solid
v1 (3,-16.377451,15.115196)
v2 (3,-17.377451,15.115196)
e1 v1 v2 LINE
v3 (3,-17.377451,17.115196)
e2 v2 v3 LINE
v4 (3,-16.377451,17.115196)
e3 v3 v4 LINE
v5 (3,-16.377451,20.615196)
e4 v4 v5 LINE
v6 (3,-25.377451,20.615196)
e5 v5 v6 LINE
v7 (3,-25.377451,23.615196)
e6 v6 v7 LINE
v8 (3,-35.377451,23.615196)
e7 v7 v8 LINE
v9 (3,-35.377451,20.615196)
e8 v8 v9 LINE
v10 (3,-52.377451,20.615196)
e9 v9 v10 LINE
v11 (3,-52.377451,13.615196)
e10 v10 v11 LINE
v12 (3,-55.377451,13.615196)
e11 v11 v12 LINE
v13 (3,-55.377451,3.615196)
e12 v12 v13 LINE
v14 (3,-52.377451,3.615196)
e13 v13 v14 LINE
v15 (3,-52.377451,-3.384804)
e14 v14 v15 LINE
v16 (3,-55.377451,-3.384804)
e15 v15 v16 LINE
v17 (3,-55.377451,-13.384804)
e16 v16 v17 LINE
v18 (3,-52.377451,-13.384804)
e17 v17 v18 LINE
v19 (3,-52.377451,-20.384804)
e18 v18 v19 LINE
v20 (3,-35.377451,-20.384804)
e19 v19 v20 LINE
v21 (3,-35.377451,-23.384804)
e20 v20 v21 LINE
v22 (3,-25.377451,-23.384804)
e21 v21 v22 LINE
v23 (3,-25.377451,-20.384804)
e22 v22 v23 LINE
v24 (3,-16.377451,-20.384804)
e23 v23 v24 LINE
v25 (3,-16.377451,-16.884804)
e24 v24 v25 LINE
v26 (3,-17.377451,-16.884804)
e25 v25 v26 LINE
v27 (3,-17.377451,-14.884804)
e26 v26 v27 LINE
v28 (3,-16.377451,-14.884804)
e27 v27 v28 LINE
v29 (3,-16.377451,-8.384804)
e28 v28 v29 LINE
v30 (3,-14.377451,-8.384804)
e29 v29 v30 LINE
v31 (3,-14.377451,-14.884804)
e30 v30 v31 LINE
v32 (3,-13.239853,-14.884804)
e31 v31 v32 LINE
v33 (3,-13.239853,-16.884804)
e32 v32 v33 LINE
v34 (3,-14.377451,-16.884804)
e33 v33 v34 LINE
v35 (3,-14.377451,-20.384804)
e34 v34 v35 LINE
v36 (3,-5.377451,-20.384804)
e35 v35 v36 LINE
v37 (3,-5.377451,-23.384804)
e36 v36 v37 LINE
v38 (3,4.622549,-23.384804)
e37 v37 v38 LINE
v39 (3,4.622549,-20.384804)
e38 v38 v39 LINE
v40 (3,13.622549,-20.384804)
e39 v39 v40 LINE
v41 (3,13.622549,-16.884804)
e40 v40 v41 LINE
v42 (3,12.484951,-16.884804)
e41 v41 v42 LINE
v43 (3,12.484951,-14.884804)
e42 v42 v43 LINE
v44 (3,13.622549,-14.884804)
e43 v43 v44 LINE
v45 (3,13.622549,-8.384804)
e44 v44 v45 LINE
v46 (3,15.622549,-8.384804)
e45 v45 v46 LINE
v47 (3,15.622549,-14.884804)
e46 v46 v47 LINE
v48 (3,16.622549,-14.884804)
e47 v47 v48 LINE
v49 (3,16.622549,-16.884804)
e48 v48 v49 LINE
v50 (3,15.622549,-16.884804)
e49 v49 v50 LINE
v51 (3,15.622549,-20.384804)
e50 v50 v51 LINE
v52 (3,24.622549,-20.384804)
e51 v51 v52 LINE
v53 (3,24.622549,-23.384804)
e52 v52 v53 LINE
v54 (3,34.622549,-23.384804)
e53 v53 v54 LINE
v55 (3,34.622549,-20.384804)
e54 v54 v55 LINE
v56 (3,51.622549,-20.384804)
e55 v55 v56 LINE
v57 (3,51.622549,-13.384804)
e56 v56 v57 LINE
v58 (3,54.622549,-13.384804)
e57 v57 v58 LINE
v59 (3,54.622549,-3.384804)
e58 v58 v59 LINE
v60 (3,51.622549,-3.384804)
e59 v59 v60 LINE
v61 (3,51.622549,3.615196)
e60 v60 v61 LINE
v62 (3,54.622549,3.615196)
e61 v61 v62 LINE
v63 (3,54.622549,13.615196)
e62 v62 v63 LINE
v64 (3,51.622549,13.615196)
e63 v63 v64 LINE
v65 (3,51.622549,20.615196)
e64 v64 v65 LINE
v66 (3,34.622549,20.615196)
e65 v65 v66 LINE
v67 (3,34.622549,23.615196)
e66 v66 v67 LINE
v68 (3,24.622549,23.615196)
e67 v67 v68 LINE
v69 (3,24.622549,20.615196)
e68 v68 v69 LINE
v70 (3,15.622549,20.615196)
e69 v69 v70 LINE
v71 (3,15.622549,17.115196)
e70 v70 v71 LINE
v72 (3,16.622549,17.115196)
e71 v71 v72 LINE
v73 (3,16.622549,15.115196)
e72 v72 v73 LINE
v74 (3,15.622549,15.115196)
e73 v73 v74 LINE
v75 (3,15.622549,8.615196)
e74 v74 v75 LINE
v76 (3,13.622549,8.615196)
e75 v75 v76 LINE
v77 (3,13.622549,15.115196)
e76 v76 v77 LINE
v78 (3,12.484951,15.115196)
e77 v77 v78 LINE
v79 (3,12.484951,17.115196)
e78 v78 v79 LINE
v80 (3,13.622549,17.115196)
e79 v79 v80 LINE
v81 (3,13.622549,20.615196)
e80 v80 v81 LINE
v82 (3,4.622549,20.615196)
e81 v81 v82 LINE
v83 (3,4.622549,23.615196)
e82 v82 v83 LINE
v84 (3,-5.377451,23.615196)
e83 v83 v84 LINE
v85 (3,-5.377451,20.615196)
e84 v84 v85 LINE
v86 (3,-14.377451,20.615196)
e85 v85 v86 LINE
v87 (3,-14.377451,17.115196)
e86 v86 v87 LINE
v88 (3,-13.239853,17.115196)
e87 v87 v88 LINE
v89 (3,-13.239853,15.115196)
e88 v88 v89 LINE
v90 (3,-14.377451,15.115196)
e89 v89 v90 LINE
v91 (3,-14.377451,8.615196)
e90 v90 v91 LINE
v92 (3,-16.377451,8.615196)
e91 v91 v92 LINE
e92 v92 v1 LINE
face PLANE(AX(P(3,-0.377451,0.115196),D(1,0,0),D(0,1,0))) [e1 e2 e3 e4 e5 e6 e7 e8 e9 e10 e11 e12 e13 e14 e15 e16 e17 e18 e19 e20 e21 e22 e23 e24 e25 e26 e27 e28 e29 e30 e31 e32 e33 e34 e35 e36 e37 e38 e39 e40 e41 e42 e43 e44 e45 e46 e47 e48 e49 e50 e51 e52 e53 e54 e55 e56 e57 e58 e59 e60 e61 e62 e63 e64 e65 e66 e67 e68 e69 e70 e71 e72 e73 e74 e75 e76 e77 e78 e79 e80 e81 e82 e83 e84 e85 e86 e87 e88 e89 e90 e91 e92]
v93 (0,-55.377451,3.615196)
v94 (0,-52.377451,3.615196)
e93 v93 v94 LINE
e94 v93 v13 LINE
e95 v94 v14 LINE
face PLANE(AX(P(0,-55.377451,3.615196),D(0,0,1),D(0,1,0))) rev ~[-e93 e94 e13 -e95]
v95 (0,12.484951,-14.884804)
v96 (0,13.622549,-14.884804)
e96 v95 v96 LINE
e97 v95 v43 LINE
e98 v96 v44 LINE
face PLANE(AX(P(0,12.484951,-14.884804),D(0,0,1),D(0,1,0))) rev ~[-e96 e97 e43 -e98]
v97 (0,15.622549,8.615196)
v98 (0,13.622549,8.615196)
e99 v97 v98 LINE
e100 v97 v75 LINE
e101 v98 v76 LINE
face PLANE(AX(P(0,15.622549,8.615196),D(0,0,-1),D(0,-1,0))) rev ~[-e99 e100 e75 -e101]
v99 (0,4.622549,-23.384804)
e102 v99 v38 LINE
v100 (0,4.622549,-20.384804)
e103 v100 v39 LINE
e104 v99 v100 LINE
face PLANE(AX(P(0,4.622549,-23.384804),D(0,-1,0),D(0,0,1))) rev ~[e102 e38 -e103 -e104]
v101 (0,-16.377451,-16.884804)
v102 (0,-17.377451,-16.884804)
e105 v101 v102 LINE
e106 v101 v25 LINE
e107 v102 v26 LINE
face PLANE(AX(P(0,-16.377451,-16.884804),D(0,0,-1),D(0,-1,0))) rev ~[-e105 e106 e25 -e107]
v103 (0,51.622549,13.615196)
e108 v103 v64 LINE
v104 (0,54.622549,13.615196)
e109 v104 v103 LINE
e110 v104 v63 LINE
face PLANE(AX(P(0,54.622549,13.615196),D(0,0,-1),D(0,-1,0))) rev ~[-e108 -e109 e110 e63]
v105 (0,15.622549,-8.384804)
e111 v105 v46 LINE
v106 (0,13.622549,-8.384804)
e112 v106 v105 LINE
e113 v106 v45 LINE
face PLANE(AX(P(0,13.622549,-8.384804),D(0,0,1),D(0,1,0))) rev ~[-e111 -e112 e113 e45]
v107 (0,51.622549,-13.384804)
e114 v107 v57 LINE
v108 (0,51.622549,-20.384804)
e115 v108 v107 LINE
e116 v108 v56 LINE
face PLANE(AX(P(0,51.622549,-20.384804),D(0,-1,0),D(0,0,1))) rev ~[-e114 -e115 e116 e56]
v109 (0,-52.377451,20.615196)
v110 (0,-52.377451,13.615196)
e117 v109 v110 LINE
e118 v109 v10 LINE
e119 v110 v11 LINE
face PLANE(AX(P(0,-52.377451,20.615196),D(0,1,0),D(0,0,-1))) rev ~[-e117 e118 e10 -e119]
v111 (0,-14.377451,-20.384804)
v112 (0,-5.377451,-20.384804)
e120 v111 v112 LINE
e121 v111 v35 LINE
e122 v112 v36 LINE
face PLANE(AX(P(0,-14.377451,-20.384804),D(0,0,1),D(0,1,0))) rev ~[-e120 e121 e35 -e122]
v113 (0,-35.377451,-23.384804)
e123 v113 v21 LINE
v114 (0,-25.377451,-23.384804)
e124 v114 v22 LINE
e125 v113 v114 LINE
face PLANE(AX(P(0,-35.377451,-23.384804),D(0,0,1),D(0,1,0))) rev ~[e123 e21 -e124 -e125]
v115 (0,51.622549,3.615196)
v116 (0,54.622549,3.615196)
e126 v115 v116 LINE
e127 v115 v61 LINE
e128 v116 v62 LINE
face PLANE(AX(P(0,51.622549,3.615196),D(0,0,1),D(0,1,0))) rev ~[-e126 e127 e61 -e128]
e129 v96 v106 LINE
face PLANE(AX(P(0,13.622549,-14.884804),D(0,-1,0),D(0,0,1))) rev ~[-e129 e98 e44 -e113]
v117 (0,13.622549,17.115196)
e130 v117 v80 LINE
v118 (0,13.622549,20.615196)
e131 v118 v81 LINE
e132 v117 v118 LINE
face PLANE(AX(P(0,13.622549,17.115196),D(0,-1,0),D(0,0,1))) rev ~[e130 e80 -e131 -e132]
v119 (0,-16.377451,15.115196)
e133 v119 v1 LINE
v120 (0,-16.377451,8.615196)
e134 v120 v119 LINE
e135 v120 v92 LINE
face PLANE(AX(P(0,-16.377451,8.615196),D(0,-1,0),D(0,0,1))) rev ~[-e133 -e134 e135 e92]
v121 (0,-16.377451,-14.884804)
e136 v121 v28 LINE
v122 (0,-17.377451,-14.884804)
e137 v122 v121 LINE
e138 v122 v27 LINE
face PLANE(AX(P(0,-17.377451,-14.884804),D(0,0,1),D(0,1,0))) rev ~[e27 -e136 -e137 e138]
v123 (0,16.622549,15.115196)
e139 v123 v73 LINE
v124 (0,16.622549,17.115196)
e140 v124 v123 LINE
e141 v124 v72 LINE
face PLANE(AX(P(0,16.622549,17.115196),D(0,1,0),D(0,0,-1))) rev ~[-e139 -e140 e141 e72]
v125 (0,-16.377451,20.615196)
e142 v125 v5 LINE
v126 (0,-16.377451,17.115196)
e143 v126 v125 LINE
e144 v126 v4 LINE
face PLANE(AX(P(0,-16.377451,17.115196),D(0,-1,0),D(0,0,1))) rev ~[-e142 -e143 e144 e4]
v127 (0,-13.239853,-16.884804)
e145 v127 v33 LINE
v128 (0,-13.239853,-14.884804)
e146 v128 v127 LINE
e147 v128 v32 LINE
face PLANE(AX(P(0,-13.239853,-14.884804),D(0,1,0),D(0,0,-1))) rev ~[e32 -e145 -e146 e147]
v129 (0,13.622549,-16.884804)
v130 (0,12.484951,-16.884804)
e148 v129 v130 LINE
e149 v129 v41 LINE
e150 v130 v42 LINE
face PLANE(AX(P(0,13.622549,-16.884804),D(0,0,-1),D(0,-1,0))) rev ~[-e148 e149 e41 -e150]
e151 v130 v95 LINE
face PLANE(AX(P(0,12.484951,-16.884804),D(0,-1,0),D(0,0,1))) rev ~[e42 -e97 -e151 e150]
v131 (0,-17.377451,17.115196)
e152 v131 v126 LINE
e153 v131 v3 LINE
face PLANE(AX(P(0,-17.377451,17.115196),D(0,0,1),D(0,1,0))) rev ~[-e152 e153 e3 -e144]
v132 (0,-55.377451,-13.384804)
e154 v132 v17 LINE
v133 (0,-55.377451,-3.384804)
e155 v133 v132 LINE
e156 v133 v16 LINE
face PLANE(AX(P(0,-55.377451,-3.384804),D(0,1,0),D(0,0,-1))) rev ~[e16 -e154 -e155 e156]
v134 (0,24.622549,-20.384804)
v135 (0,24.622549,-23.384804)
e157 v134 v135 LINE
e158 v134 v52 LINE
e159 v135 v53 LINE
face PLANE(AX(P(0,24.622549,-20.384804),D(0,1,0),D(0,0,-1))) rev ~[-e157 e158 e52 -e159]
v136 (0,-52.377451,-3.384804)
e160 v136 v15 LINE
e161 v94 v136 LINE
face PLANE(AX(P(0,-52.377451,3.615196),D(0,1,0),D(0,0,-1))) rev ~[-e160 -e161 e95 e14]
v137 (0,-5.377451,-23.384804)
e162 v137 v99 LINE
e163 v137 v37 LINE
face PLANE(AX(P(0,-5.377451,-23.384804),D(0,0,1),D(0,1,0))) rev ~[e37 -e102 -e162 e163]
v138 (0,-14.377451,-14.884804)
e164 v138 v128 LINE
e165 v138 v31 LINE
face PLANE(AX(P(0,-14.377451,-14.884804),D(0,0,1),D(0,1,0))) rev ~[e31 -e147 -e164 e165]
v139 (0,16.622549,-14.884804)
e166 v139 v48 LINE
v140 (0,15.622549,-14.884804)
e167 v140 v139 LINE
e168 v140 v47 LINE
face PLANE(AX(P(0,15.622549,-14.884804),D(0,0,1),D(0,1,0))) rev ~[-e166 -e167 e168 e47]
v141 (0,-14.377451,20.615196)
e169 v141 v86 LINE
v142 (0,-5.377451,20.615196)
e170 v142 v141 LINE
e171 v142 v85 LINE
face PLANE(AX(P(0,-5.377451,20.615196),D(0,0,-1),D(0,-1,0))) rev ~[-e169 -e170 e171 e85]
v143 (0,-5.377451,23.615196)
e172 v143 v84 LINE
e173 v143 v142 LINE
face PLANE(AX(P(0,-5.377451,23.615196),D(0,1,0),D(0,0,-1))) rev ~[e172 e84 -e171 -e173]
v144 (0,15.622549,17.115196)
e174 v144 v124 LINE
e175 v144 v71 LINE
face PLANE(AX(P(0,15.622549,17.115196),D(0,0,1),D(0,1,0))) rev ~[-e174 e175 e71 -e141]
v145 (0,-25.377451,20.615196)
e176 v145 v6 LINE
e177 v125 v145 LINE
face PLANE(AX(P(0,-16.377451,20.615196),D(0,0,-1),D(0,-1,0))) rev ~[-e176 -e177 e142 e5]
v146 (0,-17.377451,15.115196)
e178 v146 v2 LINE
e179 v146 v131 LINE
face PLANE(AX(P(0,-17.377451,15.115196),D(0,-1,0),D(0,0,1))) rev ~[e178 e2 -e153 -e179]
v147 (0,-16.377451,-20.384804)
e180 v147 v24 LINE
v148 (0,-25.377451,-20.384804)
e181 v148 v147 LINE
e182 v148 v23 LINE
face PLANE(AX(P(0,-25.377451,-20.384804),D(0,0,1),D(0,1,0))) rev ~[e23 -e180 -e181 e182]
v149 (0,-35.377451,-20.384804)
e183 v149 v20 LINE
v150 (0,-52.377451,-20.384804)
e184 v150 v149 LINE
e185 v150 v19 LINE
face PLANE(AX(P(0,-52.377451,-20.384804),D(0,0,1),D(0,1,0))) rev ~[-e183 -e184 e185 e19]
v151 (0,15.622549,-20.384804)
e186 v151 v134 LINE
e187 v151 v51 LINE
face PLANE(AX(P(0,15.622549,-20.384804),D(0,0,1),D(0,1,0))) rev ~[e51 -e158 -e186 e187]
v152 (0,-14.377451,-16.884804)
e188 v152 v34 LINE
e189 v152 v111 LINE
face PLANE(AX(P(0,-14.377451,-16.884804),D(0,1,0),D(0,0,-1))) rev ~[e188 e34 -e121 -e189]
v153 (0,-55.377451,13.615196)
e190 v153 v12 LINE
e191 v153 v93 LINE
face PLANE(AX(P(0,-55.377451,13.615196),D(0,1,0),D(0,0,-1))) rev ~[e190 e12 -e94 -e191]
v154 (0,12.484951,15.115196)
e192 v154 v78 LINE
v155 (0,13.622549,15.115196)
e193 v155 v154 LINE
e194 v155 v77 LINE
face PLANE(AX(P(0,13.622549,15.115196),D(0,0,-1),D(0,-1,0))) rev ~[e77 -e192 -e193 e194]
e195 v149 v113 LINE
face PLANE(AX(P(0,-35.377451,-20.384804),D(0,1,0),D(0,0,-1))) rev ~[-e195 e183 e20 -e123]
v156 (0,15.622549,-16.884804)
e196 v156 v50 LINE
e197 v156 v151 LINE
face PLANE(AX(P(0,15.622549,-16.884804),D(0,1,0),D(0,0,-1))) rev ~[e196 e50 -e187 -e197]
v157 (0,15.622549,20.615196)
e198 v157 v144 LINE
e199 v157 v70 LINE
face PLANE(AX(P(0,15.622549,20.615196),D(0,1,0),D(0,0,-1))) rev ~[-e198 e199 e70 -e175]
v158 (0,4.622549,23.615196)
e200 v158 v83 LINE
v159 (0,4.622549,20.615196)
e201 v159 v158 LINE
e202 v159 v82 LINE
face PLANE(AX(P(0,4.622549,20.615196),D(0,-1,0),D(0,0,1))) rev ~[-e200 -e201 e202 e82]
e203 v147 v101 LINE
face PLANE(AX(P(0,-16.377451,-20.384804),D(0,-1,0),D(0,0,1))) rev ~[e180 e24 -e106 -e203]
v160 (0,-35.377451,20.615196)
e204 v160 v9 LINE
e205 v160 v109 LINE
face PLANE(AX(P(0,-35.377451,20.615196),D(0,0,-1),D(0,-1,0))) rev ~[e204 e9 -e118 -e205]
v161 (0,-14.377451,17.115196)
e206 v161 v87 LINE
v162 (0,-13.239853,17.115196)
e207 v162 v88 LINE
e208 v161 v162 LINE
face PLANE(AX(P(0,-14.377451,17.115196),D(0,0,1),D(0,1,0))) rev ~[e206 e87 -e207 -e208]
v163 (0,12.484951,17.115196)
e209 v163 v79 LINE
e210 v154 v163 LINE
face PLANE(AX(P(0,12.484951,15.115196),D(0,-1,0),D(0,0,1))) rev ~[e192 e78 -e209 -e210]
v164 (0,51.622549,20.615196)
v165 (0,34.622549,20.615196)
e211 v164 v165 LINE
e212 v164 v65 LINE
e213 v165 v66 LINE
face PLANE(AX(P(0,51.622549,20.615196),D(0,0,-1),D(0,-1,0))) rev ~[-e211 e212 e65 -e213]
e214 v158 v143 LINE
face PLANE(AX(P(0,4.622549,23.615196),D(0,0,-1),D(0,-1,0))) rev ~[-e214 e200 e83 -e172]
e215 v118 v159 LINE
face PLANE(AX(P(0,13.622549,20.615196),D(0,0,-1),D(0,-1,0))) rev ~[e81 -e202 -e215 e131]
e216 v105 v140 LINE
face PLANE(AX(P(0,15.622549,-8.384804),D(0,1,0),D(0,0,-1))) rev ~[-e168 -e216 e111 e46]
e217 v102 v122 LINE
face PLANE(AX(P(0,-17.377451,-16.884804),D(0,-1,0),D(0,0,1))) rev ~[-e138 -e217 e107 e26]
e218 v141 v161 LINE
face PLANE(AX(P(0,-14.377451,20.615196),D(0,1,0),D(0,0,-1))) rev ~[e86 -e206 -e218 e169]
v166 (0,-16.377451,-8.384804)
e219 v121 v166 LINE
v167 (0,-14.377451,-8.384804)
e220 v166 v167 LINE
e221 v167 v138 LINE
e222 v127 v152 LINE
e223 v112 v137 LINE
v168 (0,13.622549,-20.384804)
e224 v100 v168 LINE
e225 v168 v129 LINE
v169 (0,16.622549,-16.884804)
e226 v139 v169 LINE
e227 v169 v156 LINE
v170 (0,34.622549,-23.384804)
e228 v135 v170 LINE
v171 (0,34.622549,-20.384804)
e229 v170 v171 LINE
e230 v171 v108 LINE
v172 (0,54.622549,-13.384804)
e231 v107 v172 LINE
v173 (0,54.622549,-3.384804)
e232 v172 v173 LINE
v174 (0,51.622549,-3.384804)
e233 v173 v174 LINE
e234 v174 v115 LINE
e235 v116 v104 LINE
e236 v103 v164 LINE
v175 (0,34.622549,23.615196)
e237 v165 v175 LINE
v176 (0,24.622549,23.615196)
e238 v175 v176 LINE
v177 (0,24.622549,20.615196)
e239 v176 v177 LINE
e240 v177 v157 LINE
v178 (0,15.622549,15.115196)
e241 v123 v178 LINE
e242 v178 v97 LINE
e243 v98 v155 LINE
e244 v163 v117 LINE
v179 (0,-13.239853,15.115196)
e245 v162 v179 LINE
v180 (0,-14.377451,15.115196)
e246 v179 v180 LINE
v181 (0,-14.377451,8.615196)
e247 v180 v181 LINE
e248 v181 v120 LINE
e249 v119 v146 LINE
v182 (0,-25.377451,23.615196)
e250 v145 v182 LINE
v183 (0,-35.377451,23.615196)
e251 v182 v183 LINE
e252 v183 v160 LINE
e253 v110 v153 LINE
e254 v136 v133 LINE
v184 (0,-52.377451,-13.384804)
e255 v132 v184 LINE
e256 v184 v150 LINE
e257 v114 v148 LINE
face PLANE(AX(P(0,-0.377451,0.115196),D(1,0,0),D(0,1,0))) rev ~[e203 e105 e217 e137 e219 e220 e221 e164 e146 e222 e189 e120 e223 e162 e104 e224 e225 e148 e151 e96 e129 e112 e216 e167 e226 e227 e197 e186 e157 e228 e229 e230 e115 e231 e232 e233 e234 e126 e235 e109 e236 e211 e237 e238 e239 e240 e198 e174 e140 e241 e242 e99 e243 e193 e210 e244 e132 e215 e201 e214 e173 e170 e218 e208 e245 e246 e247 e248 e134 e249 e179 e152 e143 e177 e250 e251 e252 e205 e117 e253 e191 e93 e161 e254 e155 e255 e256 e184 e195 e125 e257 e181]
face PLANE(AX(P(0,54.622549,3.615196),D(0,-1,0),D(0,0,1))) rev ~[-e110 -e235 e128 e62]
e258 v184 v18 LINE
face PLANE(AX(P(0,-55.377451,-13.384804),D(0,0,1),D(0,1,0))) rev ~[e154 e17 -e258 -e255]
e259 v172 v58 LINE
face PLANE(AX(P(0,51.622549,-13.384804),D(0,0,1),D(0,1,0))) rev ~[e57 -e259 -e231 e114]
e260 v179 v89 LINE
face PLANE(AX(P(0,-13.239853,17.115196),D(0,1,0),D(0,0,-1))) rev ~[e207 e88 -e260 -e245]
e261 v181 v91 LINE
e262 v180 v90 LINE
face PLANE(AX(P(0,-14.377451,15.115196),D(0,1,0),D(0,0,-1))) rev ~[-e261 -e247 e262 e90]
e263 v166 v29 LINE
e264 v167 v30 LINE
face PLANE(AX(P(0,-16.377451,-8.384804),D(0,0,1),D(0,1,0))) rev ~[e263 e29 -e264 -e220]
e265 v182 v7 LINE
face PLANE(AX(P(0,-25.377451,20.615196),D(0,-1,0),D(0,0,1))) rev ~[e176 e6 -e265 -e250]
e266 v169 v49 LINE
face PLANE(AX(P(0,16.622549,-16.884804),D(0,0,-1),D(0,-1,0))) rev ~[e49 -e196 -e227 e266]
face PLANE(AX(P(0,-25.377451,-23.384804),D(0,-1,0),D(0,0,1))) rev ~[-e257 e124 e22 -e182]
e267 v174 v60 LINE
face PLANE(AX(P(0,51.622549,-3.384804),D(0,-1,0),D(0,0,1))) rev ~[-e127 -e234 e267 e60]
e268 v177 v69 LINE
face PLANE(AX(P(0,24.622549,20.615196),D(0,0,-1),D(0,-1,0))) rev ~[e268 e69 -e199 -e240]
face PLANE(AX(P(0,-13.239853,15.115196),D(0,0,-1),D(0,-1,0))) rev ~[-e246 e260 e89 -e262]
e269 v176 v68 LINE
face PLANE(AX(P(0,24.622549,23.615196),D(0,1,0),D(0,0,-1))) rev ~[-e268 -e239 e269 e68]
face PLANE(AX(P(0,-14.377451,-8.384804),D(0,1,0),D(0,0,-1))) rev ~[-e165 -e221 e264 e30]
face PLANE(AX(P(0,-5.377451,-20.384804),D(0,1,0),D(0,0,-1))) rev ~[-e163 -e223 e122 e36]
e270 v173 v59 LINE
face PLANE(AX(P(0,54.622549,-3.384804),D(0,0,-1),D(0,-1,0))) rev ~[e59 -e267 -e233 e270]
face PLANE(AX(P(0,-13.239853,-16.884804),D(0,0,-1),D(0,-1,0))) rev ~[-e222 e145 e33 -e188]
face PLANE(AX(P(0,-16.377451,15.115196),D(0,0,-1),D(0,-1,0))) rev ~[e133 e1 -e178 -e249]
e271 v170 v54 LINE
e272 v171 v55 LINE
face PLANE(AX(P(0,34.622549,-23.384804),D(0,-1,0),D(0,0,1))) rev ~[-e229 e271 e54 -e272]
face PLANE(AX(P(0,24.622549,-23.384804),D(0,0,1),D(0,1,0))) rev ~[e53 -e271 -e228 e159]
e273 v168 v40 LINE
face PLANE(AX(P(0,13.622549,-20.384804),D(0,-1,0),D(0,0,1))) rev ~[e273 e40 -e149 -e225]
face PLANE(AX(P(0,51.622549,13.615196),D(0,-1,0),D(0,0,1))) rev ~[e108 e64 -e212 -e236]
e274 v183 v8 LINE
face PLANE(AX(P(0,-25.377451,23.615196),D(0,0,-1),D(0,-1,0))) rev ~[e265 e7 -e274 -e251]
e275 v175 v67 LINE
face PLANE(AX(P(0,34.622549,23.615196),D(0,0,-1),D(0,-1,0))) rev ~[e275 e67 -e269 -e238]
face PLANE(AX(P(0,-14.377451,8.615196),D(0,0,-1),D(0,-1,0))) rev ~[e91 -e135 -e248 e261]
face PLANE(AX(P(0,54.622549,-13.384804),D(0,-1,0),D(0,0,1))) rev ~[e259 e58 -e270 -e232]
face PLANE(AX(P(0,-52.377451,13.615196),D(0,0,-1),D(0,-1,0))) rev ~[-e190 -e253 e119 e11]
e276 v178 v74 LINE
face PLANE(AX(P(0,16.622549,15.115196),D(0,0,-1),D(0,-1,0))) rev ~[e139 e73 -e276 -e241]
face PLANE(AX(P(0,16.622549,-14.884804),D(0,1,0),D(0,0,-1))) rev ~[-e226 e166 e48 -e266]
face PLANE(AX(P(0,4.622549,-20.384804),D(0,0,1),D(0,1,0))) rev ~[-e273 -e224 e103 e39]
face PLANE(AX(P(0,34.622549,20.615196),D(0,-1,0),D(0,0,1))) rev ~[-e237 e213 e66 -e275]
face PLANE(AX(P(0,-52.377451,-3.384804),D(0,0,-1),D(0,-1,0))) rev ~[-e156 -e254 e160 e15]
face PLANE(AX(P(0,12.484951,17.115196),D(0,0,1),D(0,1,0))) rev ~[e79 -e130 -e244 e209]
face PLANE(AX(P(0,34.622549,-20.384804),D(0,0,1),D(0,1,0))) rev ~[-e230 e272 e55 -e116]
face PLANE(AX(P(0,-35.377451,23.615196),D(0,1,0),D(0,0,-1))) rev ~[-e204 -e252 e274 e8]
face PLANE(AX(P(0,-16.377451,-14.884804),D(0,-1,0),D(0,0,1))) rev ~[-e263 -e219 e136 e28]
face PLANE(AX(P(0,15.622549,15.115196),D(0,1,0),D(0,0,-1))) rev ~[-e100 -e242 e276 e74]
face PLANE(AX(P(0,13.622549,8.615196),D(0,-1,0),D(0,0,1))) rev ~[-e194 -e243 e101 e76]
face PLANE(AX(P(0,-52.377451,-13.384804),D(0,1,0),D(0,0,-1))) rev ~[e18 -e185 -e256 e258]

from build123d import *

# Parameters (mm, degrees)
F1_DEPTH = 3


with BuildPart() as f1:
    # F0 (on Right) → F1 (new body)
    with BuildSketch(Plane.YZ):
        Polygon((-52.377451, -13.384804), (-52.377451, -20.384804), (-35.377451, -20.384804), (-35.377451, -23.384804), (-25.377451, -23.384804), (-25.377451, -20.384804), (-16.377451, -20.384804), (-16.377451, -16.884804), (-17.377451, -16.884804), (-17.377451, -14.884804), (-16.377451, -14.884804), (-16.377451, -8.384804), (-14.377451, -8.384804), (-14.377451, -14.884804), (-13.239853, -14.884804), (-13.239853, -16.884804), (-14.377451, -16.884804), (-14.377451, -20.384804), (-5.377451, -20.384804), (-5.377451, -23.384804), (-0.377451, -23.384804), (4.622549, -23.384804), (4.622549, -20.384804), (13.622549, -20.384804), (13.622549, -16.884804), (12.484951, -16.884804), (12.484951, -14.884804), (13.622549, -14.884804), (13.622549, -8.384804), (15.622549, -8.384804), (15.622549, -14.884804), (16.622549, -14.884804), (16.622549, -16.884804), (15.622549, -16.884804), (15.622549, -20.384804), (24.622549, -20.384804), (24.622549, -23.384804), (34.622549, -23.384804), (34.622549, -20.384804), (51.622549, -20.384804), (51.622549, -13.384804), (54.622549, -13.384804), (54.622549, -3.384804), (51.622549, -3.384804), (51.622549, 0.115196), (51.622549, 3.615196), (54.622549, 3.615196), (54.622549, 13.615196), (51.622549, 13.615196), (51.622549, 20.615196), (34.622549, 20.615196), (34.622549, 23.615196), (24.622549, 23.615196), (24.622549, 20.615196), (15.622549, 20.615196), (15.622549, 17.115196), (16.622549, 17.115196), (16.622549, 15.115196), (15.622549, 15.115196), (15.622549, 8.615196), (13.622549, 8.615196), (13.622549, 15.115196), (12.484951, 15.115196), (12.484951, 17.115196), (13.622549, 17.115196), (13.622549, 20.615196), (4.622549, 20.615196), (4.622549, 23.615196), (-0.377451, 23.615196), (-5.377451, 23.615196), (-5.377451, 20.615196), (-14.377451, 20.615196), (-14.377451, 17.115196), (-13.239853, 17.115196), (-13.239853, 15.115196), (-14.377451, 15.115196), (-14.377451, 8.615196), (-16.377451, 8.615196), (-16.377451, 15.115196), (-17.377451, 15.115196), (-17.377451, 17.115196), (-16.377451, 17.115196), (-16.377451, 20.615196), (-25.377451, 20.615196), (-25.377451, 23.615196), (-35.377451, 23.615196), (-35.377451, 20.615196), (-52.377451, 20.615196), (-52.377451, 13.615196), (-55.377451, 13.615196), (-55.377451, 3.615196), (-52.377451, 3.615196), (-52.377451, 0.115196), (-52.377451, -3.384804), (-55.377451, -3.384804), (-55.377451, -13.384804), align=None)
    extrude(amount=F1_DEPTH)


solid = f1.part
